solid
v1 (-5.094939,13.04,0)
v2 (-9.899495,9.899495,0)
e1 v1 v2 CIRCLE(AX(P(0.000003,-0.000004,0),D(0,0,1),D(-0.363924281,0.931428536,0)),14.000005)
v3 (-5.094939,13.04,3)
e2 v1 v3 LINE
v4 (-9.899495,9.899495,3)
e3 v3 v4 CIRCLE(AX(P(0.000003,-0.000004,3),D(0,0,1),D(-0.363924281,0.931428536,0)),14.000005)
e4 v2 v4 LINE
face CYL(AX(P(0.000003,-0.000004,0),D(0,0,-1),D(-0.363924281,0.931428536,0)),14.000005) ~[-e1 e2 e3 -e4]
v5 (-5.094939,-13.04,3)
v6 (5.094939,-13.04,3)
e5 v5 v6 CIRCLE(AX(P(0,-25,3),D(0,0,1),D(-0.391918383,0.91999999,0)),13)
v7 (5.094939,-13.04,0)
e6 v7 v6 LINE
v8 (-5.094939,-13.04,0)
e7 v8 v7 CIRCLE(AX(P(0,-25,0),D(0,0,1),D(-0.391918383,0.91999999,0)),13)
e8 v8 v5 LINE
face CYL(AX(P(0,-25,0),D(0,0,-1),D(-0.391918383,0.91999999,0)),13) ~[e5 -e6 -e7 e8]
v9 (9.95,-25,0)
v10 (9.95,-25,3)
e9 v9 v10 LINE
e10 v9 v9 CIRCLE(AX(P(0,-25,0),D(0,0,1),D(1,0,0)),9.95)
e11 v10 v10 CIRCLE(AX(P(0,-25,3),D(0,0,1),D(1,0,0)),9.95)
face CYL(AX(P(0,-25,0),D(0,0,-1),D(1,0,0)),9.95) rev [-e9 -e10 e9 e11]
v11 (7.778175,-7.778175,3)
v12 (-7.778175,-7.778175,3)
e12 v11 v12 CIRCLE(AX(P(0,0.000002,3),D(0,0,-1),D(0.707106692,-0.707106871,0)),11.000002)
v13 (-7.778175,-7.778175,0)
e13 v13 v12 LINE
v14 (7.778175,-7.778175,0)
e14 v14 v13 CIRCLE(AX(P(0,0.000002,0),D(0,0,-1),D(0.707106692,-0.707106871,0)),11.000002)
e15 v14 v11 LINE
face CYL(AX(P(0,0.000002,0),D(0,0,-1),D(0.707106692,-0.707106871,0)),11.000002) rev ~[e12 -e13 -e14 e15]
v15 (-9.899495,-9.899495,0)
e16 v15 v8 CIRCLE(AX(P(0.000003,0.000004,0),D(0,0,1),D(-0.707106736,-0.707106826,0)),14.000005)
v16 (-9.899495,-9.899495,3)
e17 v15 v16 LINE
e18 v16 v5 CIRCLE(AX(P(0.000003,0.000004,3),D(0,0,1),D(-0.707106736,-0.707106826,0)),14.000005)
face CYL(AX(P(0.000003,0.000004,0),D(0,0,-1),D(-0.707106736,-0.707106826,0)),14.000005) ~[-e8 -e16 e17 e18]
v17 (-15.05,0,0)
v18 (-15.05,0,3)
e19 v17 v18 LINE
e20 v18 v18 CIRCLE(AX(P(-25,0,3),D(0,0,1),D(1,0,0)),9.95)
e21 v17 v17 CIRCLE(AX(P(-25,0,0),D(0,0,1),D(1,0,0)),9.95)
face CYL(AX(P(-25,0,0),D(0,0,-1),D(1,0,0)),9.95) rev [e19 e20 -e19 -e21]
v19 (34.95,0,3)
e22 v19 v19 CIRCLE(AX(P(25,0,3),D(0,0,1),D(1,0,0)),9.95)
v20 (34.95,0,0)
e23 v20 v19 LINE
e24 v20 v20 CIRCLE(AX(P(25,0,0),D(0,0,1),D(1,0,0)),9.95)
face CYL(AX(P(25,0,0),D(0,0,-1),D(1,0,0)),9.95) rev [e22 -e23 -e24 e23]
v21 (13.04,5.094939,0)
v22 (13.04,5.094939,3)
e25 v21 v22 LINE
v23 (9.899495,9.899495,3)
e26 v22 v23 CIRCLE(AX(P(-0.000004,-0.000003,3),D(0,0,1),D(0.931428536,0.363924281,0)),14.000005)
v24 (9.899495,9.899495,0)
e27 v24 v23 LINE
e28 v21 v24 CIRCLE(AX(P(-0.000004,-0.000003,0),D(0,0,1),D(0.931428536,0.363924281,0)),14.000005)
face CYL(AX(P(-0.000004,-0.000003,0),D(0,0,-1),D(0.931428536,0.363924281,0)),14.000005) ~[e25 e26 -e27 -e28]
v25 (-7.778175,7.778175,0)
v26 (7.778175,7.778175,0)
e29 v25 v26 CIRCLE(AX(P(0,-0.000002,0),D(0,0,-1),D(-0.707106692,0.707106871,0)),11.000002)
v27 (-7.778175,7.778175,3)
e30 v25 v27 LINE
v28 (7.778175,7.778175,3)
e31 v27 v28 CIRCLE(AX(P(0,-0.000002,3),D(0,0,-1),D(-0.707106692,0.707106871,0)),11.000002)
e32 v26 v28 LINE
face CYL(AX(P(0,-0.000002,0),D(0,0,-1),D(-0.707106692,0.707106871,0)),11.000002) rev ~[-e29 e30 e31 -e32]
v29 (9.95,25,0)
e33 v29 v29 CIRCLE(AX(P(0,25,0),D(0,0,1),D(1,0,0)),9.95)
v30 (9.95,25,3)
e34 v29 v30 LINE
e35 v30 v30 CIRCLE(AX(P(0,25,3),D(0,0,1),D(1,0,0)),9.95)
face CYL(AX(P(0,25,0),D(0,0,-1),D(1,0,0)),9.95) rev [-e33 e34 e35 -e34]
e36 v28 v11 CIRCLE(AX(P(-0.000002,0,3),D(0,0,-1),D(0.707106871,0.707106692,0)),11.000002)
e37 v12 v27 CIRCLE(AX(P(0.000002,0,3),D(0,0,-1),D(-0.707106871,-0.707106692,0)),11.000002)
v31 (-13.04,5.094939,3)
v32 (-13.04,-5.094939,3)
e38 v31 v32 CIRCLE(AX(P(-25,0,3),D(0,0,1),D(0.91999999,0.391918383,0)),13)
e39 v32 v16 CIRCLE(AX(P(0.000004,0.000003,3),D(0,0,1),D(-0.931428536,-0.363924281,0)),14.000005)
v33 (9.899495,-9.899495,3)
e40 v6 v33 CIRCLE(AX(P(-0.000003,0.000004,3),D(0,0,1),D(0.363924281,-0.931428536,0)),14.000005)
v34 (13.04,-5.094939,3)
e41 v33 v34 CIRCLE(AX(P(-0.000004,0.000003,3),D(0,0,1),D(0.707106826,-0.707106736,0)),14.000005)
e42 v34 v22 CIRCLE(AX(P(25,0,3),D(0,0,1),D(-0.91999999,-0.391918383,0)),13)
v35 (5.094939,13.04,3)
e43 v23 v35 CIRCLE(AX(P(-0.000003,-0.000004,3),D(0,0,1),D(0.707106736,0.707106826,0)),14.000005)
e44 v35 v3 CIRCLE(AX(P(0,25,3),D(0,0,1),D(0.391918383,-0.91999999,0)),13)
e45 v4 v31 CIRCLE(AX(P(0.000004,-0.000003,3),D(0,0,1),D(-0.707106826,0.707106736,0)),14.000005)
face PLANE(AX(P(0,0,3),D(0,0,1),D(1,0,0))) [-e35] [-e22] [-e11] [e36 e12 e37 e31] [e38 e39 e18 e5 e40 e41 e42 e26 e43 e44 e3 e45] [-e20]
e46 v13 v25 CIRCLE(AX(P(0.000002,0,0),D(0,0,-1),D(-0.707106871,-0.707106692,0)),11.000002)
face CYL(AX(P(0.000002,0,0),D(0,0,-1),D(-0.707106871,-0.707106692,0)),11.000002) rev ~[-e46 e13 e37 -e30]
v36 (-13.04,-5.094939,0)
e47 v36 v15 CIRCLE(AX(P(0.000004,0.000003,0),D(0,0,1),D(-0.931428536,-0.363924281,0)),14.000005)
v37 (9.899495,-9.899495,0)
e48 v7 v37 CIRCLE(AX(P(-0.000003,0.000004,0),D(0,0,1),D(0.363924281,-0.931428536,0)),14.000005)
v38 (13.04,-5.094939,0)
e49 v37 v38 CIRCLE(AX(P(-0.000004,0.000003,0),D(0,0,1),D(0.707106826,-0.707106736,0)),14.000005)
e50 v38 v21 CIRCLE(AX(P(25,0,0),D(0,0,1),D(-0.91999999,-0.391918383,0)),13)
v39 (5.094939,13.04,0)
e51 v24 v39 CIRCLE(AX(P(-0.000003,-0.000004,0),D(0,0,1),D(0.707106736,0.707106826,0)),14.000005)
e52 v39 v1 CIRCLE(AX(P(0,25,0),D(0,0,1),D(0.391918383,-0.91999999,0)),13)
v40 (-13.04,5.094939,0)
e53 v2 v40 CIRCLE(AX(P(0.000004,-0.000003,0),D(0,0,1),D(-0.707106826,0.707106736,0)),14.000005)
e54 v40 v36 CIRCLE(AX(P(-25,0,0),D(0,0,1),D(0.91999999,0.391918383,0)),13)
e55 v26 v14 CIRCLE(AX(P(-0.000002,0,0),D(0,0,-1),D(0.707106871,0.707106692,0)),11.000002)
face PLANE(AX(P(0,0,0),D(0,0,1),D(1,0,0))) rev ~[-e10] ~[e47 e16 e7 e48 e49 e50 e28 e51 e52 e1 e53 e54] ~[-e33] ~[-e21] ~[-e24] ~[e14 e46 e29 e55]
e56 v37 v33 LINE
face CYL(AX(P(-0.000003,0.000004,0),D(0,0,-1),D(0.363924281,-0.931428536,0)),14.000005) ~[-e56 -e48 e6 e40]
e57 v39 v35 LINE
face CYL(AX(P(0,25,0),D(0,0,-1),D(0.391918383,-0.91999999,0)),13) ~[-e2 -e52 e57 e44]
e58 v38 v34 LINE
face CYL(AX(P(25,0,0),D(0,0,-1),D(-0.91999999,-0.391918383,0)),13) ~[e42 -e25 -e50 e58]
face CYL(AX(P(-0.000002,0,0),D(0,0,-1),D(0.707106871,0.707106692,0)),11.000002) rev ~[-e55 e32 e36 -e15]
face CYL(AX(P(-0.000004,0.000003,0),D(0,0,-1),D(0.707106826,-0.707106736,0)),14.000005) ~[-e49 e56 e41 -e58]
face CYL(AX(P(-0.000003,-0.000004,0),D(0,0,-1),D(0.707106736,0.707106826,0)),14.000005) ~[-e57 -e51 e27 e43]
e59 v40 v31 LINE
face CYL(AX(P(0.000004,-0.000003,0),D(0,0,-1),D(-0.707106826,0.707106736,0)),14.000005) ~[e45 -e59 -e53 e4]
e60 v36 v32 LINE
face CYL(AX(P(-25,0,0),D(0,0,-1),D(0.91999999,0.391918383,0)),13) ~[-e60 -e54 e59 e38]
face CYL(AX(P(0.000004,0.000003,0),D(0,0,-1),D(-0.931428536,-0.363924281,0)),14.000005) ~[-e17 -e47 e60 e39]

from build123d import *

# Parameters (mm, degrees)
F0_R     = 9.95
F1_DEPTH = 3


with BuildPart() as f1:
    # F0 (on Top) → F1 (new body)
    with BuildSketch(Plane.XY):
        with BuildLine():
            ThreePointArc((5.094939, 13.04), (0, 38), (-5.094939, 13.04))
            ThreePointArc((-5.094939, 13.04), (-7.659892, 11.71862), (-9.899495, 9.899495))
            ThreePointArc((-9.899495, 9.899495), (-11.71862, 7.659892), (-13.04, 5.094939))
            ThreePointArc((-13.04, 5.094939), (-38, 0), (-13.04, -5.094939))
            ThreePointArc((-13.04, -5.094939), (-11.71862, -7.659892), (-9.899495, -9.899495))
            ThreePointArc((-9.899495, -9.899495), (-7.659892, -11.71862), (-5.094939, -13.04))
            ThreePointArc((-5.094939, -13.04), (0, -38), (5.094939, -13.04))
            ThreePointArc((5.094939, -13.04), (7.659892, -11.71862), (9.899495, -9.899495))
            ThreePointArc((9.899495, -9.899495), (11.71862, -7.659892), (13.04, -5.094939))
            ThreePointArc((13.04, -5.094939), (38, 0), (13.04, 5.094939))
            ThreePointArc((13.04, 5.094939), (11.71862, 7.659892), (9.899495, 9.899495))
            ThreePointArc((9.899495, 9.899495), (7.659892, 11.71862), (5.094939, 13.04))
        make_face()
        with Locations((0, -25)):
            Circle(F0_R, mode=Mode.SUBTRACT)
        with Locations((-25, 0)):
            Circle(F0_R, mode=Mode.SUBTRACT)
        with BuildLine():
            ThreePointArc((-7.778175, 7.778175), (0, 11), (7.778175, 7.778175))
            ThreePointArc((7.778175, 7.778175), (11, 0), (7.778175, -7.778175))
            ThreePointArc((7.778175, -7.778175), (0, -11), (-7.778175, -7.778175))
            ThreePointArc((-7.778175, -7.778175), (-11, 0), (-7.778175, 7.778175))
        make_face(mode=Mode.SUBTRACT)
        with Locations((25, 0)):
            Circle(F0_R, mode=Mode.SUBTRACT)
        with Locations((0, 25)):
            Circle(F0_R, mode=Mode.SUBTRACT)
    extrude(amount=F1_DEPTH)


solid = f1.part
